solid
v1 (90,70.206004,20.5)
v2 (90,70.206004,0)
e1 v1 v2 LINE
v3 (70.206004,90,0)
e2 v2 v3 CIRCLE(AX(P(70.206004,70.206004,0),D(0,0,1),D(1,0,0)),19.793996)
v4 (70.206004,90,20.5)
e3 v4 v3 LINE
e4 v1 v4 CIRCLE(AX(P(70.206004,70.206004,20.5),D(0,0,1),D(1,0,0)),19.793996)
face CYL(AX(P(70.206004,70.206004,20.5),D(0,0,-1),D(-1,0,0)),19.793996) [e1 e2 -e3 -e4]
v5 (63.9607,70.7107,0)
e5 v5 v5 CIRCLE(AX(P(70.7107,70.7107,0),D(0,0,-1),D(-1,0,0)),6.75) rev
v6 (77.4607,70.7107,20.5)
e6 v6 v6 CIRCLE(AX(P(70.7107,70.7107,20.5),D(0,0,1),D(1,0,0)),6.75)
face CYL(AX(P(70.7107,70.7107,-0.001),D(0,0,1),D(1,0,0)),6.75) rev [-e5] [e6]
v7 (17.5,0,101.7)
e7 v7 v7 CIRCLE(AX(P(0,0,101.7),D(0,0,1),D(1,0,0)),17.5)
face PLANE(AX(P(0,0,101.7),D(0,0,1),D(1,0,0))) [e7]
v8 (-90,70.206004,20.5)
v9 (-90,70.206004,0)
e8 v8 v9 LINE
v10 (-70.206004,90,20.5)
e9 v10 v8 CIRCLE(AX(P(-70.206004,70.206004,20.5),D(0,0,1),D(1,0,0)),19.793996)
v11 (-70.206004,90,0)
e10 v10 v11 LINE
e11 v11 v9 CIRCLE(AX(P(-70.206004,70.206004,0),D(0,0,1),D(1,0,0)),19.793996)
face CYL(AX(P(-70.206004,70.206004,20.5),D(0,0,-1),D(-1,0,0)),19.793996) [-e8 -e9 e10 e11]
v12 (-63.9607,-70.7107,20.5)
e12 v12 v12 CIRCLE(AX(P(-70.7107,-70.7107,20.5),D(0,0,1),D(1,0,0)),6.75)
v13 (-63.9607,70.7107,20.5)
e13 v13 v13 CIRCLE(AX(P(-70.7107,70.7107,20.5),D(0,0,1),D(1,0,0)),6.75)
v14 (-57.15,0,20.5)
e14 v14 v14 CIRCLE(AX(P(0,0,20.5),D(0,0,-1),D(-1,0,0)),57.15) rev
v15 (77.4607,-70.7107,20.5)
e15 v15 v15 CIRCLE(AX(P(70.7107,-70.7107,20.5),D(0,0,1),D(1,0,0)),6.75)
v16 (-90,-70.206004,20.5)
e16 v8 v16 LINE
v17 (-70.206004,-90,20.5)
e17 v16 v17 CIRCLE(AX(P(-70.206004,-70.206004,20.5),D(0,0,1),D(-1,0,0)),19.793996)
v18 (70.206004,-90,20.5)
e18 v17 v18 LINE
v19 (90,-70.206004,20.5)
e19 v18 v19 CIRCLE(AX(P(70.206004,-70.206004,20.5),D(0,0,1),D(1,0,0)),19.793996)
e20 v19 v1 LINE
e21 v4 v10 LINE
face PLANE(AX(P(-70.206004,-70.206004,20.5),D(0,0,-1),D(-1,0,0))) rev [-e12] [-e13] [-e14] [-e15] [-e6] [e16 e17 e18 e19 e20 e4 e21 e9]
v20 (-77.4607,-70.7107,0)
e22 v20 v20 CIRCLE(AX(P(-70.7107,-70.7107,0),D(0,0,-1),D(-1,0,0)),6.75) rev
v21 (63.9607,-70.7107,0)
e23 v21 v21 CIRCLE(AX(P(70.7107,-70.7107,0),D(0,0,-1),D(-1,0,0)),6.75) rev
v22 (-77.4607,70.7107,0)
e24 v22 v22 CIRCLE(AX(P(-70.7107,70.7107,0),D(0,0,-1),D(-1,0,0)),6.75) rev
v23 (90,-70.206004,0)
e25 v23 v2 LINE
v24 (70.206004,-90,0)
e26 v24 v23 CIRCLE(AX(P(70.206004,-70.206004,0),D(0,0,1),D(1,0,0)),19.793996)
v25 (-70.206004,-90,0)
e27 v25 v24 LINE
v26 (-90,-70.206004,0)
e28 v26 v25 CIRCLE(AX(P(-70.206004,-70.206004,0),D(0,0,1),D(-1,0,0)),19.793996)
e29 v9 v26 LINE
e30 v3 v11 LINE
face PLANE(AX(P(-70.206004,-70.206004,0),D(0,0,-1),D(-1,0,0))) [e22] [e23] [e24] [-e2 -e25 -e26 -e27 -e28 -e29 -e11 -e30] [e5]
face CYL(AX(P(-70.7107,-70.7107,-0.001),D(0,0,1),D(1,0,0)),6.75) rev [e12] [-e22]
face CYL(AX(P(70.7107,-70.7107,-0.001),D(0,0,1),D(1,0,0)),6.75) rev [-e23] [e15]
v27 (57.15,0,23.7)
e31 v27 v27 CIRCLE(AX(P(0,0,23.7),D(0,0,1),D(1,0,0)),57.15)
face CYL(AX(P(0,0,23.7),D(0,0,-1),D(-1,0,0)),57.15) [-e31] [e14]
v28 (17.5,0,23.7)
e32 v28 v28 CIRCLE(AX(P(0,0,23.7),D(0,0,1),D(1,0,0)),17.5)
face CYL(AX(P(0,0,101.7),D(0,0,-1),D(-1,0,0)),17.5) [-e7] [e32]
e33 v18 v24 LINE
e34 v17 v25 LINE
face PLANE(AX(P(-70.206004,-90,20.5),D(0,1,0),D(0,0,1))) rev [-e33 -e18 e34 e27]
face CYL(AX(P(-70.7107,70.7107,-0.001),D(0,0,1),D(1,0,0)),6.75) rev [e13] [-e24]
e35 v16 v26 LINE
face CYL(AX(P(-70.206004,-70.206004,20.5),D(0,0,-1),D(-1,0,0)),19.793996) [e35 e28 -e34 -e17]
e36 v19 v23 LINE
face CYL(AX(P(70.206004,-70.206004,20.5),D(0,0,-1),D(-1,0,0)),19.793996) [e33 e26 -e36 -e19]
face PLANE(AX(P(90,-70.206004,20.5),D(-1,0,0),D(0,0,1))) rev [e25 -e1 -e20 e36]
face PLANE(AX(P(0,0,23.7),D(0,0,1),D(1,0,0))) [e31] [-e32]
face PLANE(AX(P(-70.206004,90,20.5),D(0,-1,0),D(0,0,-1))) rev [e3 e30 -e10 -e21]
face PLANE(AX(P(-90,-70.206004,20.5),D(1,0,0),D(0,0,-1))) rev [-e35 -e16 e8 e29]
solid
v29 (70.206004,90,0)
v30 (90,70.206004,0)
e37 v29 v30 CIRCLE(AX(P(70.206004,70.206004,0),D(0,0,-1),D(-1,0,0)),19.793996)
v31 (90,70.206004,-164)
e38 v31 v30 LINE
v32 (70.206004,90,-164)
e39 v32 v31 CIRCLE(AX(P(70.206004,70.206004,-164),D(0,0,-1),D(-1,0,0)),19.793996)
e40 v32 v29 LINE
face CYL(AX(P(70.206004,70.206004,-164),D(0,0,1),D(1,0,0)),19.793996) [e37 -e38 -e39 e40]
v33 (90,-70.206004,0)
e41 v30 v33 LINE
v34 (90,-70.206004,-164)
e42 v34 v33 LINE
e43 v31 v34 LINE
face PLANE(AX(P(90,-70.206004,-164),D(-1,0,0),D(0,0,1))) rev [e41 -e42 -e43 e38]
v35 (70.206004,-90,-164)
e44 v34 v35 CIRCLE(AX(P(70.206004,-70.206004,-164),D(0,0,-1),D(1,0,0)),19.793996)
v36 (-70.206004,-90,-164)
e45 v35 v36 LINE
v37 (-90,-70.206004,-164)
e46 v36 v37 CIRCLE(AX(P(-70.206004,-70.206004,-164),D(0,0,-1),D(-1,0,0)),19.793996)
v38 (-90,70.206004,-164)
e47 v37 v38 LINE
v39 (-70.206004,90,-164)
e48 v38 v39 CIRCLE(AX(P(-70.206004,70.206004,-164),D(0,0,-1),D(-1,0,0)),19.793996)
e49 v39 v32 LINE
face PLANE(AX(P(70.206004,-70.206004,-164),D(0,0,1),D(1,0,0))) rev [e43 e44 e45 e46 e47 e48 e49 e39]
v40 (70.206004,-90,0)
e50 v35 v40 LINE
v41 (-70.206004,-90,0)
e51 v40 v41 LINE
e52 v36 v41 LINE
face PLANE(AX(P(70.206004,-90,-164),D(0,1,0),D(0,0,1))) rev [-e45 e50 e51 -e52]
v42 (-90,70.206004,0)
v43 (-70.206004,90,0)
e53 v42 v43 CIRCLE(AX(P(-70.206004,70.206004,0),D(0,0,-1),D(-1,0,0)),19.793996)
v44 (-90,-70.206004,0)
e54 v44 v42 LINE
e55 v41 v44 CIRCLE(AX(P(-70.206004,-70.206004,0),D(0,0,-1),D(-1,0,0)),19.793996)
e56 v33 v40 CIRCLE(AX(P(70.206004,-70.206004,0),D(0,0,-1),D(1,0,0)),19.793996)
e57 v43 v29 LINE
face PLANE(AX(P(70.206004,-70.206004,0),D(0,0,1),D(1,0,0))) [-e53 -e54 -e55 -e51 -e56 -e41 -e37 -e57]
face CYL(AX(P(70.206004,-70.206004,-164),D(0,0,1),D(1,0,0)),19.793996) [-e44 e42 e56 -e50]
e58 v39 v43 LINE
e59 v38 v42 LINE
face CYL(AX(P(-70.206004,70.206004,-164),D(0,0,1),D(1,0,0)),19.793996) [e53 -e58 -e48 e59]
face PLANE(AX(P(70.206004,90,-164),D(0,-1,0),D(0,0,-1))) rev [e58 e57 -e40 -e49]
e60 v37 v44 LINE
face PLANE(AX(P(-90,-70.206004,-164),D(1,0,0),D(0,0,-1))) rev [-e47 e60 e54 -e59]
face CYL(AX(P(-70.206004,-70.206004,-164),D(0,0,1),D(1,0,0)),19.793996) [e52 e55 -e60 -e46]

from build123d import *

# Parameters (mm, degrees)
EXTRUDE_1_DEPTH     = 20.5
CUT_EXTRUDE_1_REACH = 130.92
SKETCH_2_R          = 6.75
EXTRUDE_2_DEPTH     = 164
SKETCH_4_R          = 57.15
EXTRUDE_3_DEPTH     = 3.2
SKETCH_5_R          = 17.5
EXTRUDE_4_DEPTH     = 78


with BuildPart() as part:
    # 草图1 → 凸台-拉伸1 (new body)
    with BuildSketch(Plane.XY):
        with BuildLine():
            Line((-70.206004001, -90), (70.206004001, -90))
            ThreePointArc((70.206004001, -90), (84.202472799, -84.202472799), (90, -70.206004001))
            Line((90, -70.206004001), (90, 70.206004001))
            ThreePointArc((90, 70.206004001), (84.202472799, 84.202472799), (70.206004001, 90))
            Line((70.206004001, 90), (-70.206004001, 90))
            ThreePointArc((-70.206004001, 90), (-84.202472799, 84.202472799), (-90, 70.206004001))
            Line((-90, 70.206004001), (-90, -70.206004001))
            ThreePointArc((-90, -70.206004001), (-84.202472799, -84.202472799), (-70.206004001, -90))
        make_face()
    extrude(amount=EXTRUDE_1_DEPTH)

    # 草图2 → 切除-拉伸1 (cut, up to next)
    with BuildSketch(Plane.XY.offset(20.5), mode=Mode.PRIVATE) as cut_extrude_1_sk1:
        with Locations((-70.7107, 70.7107)):
            Circle(SKETCH_2_R)
    cut_extrude_1_tool1 = extrude(cut_extrude_1_sk1.sketch, amount=-CUT_EXTRUDE_1_REACH, mode=Mode.PRIVATE) & part.part
    # 草图2 → 切除-拉伸1 (cut, up to next)
    with BuildSketch(Plane.XY.offset(20.5), mode=Mode.PRIVATE) as cut_extrude_1_sk2:
        with Locations((70.7107, 70.7107)):
            Circle(SKETCH_2_R)
    cut_extrude_1_tool2 = extrude(cut_extrude_1_sk2.sketch, amount=-CUT_EXTRUDE_1_REACH, mode=Mode.PRIVATE) & part.part
    # 草图2 → 切除-拉伸1 (cut, up to next)
    with BuildSketch(Plane.XY.offset(20.5), mode=Mode.PRIVATE) as cut_extrude_1_sk3:
        with Locations((70.7107, -70.7107)):
            Circle(SKETCH_2_R)
    cut_extrude_1_tool3 = extrude(cut_extrude_1_sk3.sketch, amount=-CUT_EXTRUDE_1_REACH, mode=Mode.PRIVATE) & part.part
    # 草图2 → 切除-拉伸1 (cut, up to next)
    with BuildSketch(Plane.XY.offset(20.5), mode=Mode.PRIVATE) as cut_extrude_1_sk4:
        with Locations((-70.7107, -70.7107)):
            Circle(SKETCH_2_R)
    cut_extrude_1_tool4 = extrude(cut_extrude_1_sk4.sketch, amount=-CUT_EXTRUDE_1_REACH, mode=Mode.PRIVATE) & part.part
    add(cut_extrude_1_tool1.solids().sort_by_distance((-70.7107, 70.7107, 20.5))[0], mode=Mode.SUBTRACT)
    add(cut_extrude_1_tool2.solids().sort_by_distance((70.7107, 70.7107, 20.5))[0], mode=Mode.SUBTRACT)
    add(cut_extrude_1_tool3.solids().sort_by_distance((70.7107, -70.7107, 20.5))[0], mode=Mode.SUBTRACT)
    add(cut_extrude_1_tool4.solids().sort_by_distance((-70.7107, -70.7107, 20.5))[0], mode=Mode.SUBTRACT)

    # 草图4 → 凸台-拉伸3 (add)
    with BuildSketch(Plane.XY.offset(20.5)):
        with Locations(Location((0, 0, 0), (0, 0, 180))):
            Circle(SKETCH_4_R)
    extrude(amount=EXTRUDE_3_DEPTH)

    # 草图5 → 凸台-拉伸4 (add)
    with BuildSketch(Plane.XY.offset(23.7)):
        Circle(SKETCH_5_R)
    extrude(amount=EXTRUDE_4_DEPTH)


with BuildPart() as body_2:
    # 草图3 → 凸台-拉伸2 (new body)
    with BuildSketch(Plane(origin=(0, 0, 0), x_dir=(-1, 0, 0), z_dir=(0, 0, -1))):
        with BuildLine():
            Line((-70.206004001, -90), (70.206004001, -90))
            ThreePointArc((70.206004001, -90), (84.202472799, -84.202472799), (90, -70.206004001))
            Line((90, -70.206004001), (90, 70.206004001))
            ThreePointArc((90, 70.206004001), (84.202472799, 84.202472799), (70.206004001, 90))
            Line((70.206004001, 90), (-70.206004001, 90))
            ThreePointArc((-70.206004001, 90), (-84.202472799, 84.202472799), (-90, 70.206004001))
            Line((-90, 70.206004001), (-90, -70.206004001))
            ThreePointArc((-90, -70.206004001), (-84.202472799, -84.202472799), (-70.206004001, -90))
        make_face()
    extrude(amount=EXTRUDE_2_DEPTH)


solid = Compound([part.part, body_2.part])
